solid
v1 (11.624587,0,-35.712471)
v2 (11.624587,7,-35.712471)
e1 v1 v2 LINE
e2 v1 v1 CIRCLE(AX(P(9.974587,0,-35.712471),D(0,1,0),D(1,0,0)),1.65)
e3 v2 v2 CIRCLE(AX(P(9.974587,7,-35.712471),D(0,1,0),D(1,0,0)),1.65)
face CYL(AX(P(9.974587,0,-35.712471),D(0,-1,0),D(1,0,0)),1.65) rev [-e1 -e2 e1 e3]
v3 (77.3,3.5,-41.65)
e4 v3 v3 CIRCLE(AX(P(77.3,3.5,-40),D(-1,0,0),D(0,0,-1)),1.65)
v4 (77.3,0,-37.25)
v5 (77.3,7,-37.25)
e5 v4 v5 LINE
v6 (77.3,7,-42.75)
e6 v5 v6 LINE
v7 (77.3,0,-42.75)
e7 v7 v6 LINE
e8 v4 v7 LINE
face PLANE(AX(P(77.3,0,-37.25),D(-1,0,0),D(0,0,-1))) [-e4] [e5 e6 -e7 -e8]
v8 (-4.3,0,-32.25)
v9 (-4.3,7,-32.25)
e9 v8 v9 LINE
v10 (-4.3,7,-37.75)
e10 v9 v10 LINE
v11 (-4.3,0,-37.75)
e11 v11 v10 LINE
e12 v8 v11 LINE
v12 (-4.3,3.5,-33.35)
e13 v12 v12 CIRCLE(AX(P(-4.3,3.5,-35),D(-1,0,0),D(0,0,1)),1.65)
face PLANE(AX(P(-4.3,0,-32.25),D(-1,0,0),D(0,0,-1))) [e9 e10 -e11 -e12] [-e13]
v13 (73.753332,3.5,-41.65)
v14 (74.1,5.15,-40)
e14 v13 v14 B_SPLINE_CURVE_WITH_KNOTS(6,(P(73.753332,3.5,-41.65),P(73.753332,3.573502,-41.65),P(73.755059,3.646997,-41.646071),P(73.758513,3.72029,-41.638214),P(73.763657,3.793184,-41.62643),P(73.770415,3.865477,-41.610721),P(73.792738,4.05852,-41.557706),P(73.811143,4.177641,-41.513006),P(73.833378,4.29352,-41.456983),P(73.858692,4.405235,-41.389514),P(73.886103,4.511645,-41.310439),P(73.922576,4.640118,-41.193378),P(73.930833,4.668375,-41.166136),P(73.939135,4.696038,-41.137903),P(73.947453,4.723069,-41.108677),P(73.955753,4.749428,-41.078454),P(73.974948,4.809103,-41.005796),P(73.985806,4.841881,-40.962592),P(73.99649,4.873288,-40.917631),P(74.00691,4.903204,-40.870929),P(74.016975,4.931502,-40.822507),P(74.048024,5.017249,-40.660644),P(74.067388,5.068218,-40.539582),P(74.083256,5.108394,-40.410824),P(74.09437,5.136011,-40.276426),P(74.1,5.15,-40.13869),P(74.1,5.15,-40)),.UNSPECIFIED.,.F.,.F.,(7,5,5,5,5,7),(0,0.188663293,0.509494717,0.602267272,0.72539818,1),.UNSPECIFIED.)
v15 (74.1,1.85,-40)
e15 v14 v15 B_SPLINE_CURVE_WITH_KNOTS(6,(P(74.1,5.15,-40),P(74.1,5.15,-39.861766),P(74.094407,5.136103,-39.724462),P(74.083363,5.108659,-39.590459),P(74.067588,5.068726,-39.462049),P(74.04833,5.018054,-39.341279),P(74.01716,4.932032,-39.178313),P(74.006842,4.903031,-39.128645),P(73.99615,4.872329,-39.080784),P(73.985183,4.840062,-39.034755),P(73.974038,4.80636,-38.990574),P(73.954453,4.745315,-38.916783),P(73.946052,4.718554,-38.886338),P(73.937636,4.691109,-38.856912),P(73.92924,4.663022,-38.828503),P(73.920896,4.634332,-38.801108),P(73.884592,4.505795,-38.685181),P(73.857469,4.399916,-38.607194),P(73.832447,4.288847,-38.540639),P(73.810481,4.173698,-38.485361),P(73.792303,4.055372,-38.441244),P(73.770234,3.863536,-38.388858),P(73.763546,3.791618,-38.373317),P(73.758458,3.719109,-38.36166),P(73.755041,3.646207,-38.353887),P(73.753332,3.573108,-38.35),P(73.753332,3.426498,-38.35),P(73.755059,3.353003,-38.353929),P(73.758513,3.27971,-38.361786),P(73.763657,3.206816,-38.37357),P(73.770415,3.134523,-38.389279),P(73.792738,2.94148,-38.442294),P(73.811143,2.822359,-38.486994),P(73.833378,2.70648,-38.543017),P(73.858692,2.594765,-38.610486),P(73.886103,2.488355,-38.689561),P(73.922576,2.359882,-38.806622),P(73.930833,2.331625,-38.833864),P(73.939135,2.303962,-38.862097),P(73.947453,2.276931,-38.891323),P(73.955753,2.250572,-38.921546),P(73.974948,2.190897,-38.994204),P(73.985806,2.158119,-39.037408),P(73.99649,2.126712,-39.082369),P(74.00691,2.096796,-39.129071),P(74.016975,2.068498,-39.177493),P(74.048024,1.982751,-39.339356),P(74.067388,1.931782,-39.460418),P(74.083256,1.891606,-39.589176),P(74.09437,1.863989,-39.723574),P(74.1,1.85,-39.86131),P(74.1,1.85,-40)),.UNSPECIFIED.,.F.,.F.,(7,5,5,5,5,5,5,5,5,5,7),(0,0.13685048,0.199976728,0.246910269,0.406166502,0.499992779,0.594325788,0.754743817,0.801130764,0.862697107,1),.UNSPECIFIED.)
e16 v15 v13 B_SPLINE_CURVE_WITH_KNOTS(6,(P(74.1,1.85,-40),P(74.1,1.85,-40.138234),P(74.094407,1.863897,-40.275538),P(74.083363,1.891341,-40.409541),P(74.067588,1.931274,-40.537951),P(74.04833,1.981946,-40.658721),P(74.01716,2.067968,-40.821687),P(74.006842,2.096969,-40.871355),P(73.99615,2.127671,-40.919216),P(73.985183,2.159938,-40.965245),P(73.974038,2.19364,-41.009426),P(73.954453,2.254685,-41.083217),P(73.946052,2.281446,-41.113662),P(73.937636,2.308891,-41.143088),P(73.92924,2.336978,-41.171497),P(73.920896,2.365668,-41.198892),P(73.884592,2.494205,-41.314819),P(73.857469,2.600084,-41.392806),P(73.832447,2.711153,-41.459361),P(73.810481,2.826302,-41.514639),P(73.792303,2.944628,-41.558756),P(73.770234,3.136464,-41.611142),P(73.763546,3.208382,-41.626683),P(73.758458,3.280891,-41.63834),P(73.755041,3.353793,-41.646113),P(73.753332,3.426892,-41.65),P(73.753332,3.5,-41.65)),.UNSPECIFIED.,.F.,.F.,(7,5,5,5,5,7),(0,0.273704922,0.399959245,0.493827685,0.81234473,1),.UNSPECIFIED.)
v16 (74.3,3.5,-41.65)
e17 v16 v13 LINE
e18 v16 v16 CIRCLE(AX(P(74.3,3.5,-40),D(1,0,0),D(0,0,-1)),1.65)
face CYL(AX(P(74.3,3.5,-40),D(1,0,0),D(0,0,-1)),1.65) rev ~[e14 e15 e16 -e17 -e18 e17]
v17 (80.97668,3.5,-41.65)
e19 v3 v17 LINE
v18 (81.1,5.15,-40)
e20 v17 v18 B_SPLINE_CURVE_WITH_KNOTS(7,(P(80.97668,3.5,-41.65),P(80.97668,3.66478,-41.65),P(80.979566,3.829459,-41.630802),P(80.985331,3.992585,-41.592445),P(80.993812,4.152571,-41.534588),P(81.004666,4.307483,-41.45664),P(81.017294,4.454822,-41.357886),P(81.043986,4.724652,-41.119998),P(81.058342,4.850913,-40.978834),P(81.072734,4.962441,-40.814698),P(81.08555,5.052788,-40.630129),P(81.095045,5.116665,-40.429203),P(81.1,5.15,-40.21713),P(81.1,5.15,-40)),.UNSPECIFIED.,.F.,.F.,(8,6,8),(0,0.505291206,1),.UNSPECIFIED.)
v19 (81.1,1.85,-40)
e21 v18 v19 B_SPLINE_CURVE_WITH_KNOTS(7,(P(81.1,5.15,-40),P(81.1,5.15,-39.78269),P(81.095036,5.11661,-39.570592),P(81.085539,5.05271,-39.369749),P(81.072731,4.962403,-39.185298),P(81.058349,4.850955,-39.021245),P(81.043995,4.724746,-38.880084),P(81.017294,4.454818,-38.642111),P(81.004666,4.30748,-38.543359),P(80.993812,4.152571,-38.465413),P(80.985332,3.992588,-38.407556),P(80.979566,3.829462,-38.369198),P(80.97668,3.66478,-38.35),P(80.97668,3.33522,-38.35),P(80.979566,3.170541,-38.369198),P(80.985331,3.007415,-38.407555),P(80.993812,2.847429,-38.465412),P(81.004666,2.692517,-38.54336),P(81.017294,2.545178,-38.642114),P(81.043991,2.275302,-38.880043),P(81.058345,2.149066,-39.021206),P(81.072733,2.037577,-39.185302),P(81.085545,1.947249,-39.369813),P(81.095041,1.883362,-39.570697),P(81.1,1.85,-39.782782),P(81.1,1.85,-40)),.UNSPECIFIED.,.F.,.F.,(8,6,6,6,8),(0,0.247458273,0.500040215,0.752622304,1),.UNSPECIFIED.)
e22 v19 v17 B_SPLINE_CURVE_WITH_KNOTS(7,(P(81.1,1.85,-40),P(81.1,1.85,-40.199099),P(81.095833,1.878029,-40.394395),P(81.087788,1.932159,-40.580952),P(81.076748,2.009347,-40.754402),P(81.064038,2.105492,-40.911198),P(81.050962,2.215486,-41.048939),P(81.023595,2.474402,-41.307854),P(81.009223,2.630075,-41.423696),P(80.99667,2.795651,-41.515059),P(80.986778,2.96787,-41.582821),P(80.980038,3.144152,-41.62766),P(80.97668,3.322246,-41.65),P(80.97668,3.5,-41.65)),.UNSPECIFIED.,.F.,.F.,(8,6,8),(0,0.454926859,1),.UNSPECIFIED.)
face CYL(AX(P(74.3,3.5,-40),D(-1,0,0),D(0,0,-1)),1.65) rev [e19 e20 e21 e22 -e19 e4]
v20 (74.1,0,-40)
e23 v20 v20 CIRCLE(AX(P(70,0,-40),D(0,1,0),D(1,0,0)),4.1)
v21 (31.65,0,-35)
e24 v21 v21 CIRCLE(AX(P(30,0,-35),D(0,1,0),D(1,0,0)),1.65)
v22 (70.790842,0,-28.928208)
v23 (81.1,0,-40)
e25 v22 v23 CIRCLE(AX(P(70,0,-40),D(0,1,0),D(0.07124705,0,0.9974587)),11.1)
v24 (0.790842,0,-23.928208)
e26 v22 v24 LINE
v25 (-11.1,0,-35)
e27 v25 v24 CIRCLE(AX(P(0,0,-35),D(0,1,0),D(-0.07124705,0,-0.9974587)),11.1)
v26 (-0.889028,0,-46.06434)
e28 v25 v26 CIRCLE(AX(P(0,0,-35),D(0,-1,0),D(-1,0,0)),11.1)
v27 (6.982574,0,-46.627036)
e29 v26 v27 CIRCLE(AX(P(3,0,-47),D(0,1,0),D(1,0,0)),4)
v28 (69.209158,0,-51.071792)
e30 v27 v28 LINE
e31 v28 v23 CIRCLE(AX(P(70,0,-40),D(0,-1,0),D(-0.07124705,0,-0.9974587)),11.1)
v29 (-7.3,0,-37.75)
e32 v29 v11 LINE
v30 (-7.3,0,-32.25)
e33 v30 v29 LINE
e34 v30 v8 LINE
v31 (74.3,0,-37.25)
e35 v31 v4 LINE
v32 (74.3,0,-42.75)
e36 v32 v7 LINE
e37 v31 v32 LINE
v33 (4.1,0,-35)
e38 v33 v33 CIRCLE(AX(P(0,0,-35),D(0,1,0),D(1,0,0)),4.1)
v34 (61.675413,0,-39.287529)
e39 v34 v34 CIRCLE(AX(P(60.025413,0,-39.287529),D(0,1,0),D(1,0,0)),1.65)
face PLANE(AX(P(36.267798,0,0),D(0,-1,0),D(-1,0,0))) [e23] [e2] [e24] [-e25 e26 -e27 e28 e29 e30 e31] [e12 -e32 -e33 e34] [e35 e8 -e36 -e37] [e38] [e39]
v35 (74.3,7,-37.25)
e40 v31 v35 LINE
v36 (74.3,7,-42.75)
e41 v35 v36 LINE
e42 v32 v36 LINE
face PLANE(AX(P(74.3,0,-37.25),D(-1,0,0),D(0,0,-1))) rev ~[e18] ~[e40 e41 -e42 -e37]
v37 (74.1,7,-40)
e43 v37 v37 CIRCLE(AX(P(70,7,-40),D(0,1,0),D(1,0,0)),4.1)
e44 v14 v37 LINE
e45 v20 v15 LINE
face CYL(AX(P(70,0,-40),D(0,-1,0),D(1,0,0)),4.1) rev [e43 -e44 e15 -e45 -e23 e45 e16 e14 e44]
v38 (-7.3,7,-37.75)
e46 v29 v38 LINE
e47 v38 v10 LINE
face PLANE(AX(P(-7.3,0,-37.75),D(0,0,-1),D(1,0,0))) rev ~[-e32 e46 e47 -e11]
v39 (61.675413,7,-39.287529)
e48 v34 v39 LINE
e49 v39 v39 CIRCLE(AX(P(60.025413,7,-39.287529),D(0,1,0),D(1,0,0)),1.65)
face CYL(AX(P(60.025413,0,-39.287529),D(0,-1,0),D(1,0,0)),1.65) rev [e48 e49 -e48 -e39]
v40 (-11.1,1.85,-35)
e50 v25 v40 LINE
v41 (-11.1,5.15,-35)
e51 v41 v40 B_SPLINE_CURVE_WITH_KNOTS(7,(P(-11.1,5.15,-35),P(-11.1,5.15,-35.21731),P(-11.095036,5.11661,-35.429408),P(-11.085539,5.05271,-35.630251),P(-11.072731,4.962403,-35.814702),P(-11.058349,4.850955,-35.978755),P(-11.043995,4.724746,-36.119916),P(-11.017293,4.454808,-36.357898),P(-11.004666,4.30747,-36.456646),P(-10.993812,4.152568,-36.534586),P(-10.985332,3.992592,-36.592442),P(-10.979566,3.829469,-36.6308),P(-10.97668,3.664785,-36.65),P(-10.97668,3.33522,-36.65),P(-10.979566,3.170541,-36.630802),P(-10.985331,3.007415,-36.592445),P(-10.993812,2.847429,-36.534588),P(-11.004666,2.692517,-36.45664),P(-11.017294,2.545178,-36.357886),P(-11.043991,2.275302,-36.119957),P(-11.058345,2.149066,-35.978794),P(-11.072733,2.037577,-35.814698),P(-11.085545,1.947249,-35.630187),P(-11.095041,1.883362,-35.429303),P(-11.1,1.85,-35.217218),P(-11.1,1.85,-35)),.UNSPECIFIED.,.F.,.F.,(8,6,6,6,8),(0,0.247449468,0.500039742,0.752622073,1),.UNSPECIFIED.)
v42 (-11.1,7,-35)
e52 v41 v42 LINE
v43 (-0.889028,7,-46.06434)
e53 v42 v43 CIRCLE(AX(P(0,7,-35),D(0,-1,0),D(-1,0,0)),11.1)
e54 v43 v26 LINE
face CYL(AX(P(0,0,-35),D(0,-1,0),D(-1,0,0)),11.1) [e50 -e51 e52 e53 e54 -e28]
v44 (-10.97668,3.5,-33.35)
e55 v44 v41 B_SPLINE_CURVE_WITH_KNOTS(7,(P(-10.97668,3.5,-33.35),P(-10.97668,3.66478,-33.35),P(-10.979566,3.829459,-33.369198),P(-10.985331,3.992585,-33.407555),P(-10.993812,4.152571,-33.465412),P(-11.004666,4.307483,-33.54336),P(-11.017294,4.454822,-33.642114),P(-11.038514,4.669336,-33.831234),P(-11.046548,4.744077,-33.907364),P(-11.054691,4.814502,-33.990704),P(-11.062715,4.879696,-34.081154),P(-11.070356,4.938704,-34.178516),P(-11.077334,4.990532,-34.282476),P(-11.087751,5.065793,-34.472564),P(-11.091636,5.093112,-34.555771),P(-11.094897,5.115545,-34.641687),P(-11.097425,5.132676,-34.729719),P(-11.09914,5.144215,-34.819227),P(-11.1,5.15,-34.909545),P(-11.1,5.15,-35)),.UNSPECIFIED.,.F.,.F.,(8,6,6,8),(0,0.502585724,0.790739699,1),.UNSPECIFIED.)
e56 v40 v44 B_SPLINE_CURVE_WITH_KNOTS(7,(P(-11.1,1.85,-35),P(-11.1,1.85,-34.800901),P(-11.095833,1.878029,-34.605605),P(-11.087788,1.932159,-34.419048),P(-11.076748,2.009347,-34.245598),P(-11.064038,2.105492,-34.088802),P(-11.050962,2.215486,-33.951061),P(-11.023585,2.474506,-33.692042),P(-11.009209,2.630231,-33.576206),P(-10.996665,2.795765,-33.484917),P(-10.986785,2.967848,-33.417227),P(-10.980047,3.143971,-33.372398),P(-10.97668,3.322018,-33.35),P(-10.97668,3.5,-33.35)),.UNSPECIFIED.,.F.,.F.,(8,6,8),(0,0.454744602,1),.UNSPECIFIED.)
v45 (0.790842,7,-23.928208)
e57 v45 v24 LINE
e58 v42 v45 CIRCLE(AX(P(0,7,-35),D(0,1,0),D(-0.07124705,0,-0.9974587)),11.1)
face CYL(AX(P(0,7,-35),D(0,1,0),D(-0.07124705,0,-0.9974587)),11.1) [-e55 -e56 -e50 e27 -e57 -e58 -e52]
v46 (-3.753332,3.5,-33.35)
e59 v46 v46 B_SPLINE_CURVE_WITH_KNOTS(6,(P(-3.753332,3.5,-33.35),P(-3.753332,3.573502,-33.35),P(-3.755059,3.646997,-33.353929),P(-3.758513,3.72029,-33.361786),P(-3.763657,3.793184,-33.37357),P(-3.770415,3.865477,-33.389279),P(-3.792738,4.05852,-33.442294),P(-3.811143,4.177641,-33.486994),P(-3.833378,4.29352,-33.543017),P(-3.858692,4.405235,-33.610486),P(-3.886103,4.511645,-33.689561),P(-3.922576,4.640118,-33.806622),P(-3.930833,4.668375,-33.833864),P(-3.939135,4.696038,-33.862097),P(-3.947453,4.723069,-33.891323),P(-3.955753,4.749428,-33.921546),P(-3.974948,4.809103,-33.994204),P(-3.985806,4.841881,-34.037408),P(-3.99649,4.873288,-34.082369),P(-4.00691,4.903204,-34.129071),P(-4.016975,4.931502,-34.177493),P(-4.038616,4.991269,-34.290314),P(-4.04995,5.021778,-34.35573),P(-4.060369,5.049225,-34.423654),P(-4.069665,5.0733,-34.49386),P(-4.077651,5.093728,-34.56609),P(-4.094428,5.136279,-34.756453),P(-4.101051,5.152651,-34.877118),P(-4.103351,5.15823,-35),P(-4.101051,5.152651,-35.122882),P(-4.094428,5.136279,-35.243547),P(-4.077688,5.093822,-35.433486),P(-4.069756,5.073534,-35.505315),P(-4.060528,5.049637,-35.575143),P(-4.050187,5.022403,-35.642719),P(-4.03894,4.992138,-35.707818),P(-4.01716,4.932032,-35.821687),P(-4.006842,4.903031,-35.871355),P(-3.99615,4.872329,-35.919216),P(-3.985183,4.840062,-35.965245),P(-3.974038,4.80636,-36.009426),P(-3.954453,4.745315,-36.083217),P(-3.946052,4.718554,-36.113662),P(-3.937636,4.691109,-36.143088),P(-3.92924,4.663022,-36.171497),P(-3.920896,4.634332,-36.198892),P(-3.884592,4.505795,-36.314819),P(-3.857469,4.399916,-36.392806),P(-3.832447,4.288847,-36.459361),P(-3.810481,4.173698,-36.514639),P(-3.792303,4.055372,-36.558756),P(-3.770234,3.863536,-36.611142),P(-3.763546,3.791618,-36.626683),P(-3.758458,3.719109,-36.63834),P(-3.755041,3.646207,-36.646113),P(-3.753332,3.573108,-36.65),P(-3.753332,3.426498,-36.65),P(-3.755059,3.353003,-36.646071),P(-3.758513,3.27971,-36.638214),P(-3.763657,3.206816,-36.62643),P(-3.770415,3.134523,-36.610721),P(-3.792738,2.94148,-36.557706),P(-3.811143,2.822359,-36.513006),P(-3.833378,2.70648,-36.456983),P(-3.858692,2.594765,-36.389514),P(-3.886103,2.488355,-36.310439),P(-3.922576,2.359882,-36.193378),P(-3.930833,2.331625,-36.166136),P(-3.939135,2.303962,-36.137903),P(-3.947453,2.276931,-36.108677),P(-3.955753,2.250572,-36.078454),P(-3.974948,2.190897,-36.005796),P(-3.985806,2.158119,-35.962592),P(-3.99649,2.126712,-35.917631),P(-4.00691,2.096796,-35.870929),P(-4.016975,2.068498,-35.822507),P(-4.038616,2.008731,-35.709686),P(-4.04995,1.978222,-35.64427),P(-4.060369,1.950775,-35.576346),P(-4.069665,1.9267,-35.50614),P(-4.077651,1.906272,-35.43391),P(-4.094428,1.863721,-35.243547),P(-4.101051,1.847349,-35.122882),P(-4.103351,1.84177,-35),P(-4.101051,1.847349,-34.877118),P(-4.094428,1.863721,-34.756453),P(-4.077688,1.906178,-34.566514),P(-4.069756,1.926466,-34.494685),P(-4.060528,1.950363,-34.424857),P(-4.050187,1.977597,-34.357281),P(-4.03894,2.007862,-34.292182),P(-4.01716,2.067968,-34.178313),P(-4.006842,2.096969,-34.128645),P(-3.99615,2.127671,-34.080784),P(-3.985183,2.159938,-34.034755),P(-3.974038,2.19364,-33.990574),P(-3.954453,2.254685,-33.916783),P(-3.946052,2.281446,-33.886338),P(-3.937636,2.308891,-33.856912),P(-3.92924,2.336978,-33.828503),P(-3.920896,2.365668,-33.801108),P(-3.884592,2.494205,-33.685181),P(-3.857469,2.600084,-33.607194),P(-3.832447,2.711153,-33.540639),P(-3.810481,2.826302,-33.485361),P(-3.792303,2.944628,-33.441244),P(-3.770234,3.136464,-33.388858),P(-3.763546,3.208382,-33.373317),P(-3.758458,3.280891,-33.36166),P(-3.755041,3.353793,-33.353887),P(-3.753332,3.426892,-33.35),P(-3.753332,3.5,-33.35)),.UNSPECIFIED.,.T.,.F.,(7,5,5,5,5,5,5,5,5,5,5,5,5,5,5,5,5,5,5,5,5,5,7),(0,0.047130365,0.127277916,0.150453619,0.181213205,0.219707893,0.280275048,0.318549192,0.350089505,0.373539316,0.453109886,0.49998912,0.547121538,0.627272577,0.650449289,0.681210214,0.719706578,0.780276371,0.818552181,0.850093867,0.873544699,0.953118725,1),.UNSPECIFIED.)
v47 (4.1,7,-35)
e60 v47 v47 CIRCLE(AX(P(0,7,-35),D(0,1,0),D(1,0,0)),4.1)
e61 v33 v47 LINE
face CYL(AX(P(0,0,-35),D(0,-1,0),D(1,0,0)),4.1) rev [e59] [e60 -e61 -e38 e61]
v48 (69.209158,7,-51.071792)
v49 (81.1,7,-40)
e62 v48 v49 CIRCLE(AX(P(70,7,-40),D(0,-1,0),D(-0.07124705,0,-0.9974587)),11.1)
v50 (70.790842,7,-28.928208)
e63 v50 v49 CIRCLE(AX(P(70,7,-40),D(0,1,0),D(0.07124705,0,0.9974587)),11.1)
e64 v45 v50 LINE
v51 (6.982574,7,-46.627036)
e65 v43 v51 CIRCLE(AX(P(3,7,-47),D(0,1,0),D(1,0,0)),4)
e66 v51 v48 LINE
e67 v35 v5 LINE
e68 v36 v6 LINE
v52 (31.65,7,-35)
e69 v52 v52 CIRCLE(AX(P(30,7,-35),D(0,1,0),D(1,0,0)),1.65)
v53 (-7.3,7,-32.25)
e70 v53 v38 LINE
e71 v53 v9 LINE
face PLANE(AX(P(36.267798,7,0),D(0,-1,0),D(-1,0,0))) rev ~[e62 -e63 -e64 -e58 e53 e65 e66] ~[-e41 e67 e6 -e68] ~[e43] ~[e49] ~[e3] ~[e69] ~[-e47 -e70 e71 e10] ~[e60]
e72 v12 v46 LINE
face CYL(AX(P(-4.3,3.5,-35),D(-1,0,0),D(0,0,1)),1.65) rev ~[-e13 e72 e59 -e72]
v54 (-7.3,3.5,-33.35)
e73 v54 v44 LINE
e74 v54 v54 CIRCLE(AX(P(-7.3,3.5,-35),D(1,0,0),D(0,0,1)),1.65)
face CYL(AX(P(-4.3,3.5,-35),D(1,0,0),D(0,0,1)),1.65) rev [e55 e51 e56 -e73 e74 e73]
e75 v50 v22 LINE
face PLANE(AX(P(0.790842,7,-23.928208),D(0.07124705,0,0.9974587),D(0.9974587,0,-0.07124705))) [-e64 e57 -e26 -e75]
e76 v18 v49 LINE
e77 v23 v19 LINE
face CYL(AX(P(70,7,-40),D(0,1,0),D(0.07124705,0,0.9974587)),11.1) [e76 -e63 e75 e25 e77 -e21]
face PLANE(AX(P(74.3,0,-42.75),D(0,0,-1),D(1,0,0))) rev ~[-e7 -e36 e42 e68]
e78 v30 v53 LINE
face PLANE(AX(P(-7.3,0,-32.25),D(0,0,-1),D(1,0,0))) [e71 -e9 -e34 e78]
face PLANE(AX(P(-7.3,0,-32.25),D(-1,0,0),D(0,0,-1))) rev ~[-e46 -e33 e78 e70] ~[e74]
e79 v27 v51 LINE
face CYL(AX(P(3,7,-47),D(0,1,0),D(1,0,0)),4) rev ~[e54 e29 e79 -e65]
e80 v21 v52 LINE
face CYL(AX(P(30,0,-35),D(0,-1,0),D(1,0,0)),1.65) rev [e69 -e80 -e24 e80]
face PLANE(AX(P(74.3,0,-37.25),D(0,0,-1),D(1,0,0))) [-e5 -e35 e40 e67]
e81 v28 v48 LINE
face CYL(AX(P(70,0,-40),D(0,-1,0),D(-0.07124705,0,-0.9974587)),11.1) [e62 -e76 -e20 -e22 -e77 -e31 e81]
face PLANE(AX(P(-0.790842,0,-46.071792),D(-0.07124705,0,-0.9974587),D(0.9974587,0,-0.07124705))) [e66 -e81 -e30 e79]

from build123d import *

# Parameters (mm, degrees)
ESBO_O2_R                  = 4.1
ESBO_O2_R_2                = 1.65
ESBO_O2_W                  = 3
ESBO_O2_H                  = 5.5
RESSALTO_EXTRUS_O1_DEPTH   = 7
ESBO_O3_W                  = 117.766713874
ESBO_O3_H                  = 105.694955048
CORTE_EXTRUS_O1_DEPTH      = 1
CORTE_EXTRUS_O1_DEPTH_BACK = 8
ESBO_O4_R                  = 1.65
CORTE_EXTRUS_O2_DEPTH      = 7.8
CORTE_EXTRUS_O2_DEPTH_BACK = 2
ESBO_O5_R                  = 1.65
CORTE_EXTRUS_O3_DEPTH      = 10
CORTE_EXTRUS_O3_DEPTH_BACK = 2
ESBO_O6_R                  = 4
CORTE_EXTRUS_O4_DEPTH      = 1.0000001
CORTE_EXTRUS_O4_DEPTH_BACK = 8.0000001


with BuildPart() as part:
    # Esboço2 → Ressalto-extrusão1 (new body)
    with BuildSketch(Plane(origin=(0, 0, 0), x_dir=(1, 0, 0), z_dir=(0, 1, 0))):
        with BuildLine():
            Line((-0.790842255, 46.071791568), (69.209157745, 51.071791568))
            ThreePointArc((69.209157745, 51.071791568), (77.564114323, 48.123679863), (81.1, 40))
            Line((81.1, 40), (81.1, -40))
            ThreePointArc((81.1, -40), (77.564114323, -48.123679863), (69.209157745, -51.071791568))
            Line((69.209157745, -51.071791568), (-0.790842255, -46.071791568))
            ThreePointArc((-0.790842255, -46.071791568), (-8.123679863, -42.564114323), (-11.1, -35))
            Line((-11.1, -35), (-11.1, 35))
            ThreePointArc((-11.1, 35), (-8.123679863, 42.564114323), (-0.790842255, 46.071791568))
        make_face()
        with Locations((0, 35)):
            Circle(ESBO_O2_R, mode=Mode.SUBTRACT)
        with Locations((70, 40)):
            Circle(ESBO_O2_R, mode=Mode.SUBTRACT)
        with Locations((70, -40)):
            Circle(ESBO_O2_R, mode=Mode.SUBTRACT)
        with Locations((0, -35)):
            Circle(ESBO_O2_R, mode=Mode.SUBTRACT)
        with Locations((9.974586998, 35.7124705)):
            Circle(ESBO_O2_R_2, mode=Mode.SUBTRACT)
        with Locations((60.025413002, 39.2875295)):
            Circle(ESBO_O2_R_2, mode=Mode.SUBTRACT)
        with Locations((9.974586998, -35.7124705)):
            Circle(ESBO_O2_R_2, mode=Mode.SUBTRACT)
        with Locations((60.025413002, -39.2875295)):
            Circle(ESBO_O2_R_2, mode=Mode.SUBTRACT)
        with Locations((30, 35)):
            Circle(ESBO_O2_R_2, mode=Mode.SUBTRACT)
        with Locations((30, -35)):
            Circle(ESBO_O2_R_2, mode=Mode.SUBTRACT)
        with Locations((-5.8, 35)):
            Rectangle(ESBO_O2_W, ESBO_O2_H, mode=Mode.SUBTRACT)
        with Locations((75.8, 40)):
            Rectangle(ESBO_O2_W, ESBO_O2_H, mode=Mode.SUBTRACT)
        with Locations((75.8, -40)):
            Rectangle(ESBO_O2_W, ESBO_O2_H, mode=Mode.SUBTRACT)
        with Locations((-5.8, -35)):
            Rectangle(ESBO_O2_W, ESBO_O2_H, mode=Mode.SUBTRACT)
    extrude(amount=RESSALTO_EXTRUS_O1_DEPTH)

    # Esboço3 → Corte-extrusão1 (cut, two sides)
    with BuildSketch(Plane(origin=(0, 7, 0), x_dir=(1, 0, 0), z_dir=(0, 1, 0))) as corte_extrus_o1_sk:
        with Locations((40.401748759, 0)):
            Rectangle(ESBO_O3_W, ESBO_O3_H)
        with BuildLine():
            Line((0.790842255, 23.928208432), (70.790842255, 28.928208432))
            ThreePointArc((70.790842255, 28.928208432), (81.071791568, 40.790842255), (69.209157745, 51.071791568))
            Line((69.209157745, 51.071791568), (-0.790842255, 46.071791568))
            ThreePointArc((-0.790842255, 46.071791568), (-11.071791568, 34.209157745), (0.790842255, 23.928208432))
        make_face(mode=Mode.SUBTRACT)
    extrude(amount=CORTE_EXTRUS_O1_DEPTH, mode=Mode.SUBTRACT)
    extrude(corte_extrus_o1_sk.sketch, amount=-CORTE_EXTRUS_O1_DEPTH_BACK, mode=Mode.SUBTRACT)

    # Esboço4 → Corte-extrusão2 (cut, two sides)
    with BuildSketch(Plane.ZY.offset(4.3)) as corte_extrus_o2_sk:
        with Locations((-35, 3.5)):
            Circle(ESBO_O4_R)
    extrude(amount=CORTE_EXTRUS_O2_DEPTH, mode=Mode.SUBTRACT)
    extrude(corte_extrus_o2_sk.sketch, amount=-CORTE_EXTRUS_O2_DEPTH_BACK, mode=Mode.SUBTRACT)

    # Esboço5 → Corte-extrusão3 (cut, two sides)
    with BuildSketch(Plane(origin=(74.3, 0, 0), x_dir=(0, 0, -1), z_dir=(1, 0, 0))) as corte_extrus_o3_sk:
        with Locations((40, 3.5)):
            Circle(ESBO_O5_R)
    extrude(amount=CORTE_EXTRUS_O3_DEPTH, mode=Mode.SUBTRACT)
    extrude(corte_extrus_o3_sk.sketch, amount=-CORTE_EXTRUS_O3_DEPTH_BACK, mode=Mode.SUBTRACT)

    # Esboço6 → Corte-extrusão4 (cut, two sides)
    with BuildSketch(Plane(origin=(0, 7, 0), x_dir=(1, 0, 0), z_dir=(0, 1, 0))) as corte_extrus_o4_sk:
        with Locations((3, 47)):
            Circle(ESBO_O6_R)
    extrude(amount=CORTE_EXTRUS_O4_DEPTH, mode=Mode.SUBTRACT)
    extrude(corte_extrus_o4_sk.sketch, amount=-CORTE_EXTRUS_O4_DEPTH_BACK, mode=Mode.SUBTRACT)


solid = part.part
